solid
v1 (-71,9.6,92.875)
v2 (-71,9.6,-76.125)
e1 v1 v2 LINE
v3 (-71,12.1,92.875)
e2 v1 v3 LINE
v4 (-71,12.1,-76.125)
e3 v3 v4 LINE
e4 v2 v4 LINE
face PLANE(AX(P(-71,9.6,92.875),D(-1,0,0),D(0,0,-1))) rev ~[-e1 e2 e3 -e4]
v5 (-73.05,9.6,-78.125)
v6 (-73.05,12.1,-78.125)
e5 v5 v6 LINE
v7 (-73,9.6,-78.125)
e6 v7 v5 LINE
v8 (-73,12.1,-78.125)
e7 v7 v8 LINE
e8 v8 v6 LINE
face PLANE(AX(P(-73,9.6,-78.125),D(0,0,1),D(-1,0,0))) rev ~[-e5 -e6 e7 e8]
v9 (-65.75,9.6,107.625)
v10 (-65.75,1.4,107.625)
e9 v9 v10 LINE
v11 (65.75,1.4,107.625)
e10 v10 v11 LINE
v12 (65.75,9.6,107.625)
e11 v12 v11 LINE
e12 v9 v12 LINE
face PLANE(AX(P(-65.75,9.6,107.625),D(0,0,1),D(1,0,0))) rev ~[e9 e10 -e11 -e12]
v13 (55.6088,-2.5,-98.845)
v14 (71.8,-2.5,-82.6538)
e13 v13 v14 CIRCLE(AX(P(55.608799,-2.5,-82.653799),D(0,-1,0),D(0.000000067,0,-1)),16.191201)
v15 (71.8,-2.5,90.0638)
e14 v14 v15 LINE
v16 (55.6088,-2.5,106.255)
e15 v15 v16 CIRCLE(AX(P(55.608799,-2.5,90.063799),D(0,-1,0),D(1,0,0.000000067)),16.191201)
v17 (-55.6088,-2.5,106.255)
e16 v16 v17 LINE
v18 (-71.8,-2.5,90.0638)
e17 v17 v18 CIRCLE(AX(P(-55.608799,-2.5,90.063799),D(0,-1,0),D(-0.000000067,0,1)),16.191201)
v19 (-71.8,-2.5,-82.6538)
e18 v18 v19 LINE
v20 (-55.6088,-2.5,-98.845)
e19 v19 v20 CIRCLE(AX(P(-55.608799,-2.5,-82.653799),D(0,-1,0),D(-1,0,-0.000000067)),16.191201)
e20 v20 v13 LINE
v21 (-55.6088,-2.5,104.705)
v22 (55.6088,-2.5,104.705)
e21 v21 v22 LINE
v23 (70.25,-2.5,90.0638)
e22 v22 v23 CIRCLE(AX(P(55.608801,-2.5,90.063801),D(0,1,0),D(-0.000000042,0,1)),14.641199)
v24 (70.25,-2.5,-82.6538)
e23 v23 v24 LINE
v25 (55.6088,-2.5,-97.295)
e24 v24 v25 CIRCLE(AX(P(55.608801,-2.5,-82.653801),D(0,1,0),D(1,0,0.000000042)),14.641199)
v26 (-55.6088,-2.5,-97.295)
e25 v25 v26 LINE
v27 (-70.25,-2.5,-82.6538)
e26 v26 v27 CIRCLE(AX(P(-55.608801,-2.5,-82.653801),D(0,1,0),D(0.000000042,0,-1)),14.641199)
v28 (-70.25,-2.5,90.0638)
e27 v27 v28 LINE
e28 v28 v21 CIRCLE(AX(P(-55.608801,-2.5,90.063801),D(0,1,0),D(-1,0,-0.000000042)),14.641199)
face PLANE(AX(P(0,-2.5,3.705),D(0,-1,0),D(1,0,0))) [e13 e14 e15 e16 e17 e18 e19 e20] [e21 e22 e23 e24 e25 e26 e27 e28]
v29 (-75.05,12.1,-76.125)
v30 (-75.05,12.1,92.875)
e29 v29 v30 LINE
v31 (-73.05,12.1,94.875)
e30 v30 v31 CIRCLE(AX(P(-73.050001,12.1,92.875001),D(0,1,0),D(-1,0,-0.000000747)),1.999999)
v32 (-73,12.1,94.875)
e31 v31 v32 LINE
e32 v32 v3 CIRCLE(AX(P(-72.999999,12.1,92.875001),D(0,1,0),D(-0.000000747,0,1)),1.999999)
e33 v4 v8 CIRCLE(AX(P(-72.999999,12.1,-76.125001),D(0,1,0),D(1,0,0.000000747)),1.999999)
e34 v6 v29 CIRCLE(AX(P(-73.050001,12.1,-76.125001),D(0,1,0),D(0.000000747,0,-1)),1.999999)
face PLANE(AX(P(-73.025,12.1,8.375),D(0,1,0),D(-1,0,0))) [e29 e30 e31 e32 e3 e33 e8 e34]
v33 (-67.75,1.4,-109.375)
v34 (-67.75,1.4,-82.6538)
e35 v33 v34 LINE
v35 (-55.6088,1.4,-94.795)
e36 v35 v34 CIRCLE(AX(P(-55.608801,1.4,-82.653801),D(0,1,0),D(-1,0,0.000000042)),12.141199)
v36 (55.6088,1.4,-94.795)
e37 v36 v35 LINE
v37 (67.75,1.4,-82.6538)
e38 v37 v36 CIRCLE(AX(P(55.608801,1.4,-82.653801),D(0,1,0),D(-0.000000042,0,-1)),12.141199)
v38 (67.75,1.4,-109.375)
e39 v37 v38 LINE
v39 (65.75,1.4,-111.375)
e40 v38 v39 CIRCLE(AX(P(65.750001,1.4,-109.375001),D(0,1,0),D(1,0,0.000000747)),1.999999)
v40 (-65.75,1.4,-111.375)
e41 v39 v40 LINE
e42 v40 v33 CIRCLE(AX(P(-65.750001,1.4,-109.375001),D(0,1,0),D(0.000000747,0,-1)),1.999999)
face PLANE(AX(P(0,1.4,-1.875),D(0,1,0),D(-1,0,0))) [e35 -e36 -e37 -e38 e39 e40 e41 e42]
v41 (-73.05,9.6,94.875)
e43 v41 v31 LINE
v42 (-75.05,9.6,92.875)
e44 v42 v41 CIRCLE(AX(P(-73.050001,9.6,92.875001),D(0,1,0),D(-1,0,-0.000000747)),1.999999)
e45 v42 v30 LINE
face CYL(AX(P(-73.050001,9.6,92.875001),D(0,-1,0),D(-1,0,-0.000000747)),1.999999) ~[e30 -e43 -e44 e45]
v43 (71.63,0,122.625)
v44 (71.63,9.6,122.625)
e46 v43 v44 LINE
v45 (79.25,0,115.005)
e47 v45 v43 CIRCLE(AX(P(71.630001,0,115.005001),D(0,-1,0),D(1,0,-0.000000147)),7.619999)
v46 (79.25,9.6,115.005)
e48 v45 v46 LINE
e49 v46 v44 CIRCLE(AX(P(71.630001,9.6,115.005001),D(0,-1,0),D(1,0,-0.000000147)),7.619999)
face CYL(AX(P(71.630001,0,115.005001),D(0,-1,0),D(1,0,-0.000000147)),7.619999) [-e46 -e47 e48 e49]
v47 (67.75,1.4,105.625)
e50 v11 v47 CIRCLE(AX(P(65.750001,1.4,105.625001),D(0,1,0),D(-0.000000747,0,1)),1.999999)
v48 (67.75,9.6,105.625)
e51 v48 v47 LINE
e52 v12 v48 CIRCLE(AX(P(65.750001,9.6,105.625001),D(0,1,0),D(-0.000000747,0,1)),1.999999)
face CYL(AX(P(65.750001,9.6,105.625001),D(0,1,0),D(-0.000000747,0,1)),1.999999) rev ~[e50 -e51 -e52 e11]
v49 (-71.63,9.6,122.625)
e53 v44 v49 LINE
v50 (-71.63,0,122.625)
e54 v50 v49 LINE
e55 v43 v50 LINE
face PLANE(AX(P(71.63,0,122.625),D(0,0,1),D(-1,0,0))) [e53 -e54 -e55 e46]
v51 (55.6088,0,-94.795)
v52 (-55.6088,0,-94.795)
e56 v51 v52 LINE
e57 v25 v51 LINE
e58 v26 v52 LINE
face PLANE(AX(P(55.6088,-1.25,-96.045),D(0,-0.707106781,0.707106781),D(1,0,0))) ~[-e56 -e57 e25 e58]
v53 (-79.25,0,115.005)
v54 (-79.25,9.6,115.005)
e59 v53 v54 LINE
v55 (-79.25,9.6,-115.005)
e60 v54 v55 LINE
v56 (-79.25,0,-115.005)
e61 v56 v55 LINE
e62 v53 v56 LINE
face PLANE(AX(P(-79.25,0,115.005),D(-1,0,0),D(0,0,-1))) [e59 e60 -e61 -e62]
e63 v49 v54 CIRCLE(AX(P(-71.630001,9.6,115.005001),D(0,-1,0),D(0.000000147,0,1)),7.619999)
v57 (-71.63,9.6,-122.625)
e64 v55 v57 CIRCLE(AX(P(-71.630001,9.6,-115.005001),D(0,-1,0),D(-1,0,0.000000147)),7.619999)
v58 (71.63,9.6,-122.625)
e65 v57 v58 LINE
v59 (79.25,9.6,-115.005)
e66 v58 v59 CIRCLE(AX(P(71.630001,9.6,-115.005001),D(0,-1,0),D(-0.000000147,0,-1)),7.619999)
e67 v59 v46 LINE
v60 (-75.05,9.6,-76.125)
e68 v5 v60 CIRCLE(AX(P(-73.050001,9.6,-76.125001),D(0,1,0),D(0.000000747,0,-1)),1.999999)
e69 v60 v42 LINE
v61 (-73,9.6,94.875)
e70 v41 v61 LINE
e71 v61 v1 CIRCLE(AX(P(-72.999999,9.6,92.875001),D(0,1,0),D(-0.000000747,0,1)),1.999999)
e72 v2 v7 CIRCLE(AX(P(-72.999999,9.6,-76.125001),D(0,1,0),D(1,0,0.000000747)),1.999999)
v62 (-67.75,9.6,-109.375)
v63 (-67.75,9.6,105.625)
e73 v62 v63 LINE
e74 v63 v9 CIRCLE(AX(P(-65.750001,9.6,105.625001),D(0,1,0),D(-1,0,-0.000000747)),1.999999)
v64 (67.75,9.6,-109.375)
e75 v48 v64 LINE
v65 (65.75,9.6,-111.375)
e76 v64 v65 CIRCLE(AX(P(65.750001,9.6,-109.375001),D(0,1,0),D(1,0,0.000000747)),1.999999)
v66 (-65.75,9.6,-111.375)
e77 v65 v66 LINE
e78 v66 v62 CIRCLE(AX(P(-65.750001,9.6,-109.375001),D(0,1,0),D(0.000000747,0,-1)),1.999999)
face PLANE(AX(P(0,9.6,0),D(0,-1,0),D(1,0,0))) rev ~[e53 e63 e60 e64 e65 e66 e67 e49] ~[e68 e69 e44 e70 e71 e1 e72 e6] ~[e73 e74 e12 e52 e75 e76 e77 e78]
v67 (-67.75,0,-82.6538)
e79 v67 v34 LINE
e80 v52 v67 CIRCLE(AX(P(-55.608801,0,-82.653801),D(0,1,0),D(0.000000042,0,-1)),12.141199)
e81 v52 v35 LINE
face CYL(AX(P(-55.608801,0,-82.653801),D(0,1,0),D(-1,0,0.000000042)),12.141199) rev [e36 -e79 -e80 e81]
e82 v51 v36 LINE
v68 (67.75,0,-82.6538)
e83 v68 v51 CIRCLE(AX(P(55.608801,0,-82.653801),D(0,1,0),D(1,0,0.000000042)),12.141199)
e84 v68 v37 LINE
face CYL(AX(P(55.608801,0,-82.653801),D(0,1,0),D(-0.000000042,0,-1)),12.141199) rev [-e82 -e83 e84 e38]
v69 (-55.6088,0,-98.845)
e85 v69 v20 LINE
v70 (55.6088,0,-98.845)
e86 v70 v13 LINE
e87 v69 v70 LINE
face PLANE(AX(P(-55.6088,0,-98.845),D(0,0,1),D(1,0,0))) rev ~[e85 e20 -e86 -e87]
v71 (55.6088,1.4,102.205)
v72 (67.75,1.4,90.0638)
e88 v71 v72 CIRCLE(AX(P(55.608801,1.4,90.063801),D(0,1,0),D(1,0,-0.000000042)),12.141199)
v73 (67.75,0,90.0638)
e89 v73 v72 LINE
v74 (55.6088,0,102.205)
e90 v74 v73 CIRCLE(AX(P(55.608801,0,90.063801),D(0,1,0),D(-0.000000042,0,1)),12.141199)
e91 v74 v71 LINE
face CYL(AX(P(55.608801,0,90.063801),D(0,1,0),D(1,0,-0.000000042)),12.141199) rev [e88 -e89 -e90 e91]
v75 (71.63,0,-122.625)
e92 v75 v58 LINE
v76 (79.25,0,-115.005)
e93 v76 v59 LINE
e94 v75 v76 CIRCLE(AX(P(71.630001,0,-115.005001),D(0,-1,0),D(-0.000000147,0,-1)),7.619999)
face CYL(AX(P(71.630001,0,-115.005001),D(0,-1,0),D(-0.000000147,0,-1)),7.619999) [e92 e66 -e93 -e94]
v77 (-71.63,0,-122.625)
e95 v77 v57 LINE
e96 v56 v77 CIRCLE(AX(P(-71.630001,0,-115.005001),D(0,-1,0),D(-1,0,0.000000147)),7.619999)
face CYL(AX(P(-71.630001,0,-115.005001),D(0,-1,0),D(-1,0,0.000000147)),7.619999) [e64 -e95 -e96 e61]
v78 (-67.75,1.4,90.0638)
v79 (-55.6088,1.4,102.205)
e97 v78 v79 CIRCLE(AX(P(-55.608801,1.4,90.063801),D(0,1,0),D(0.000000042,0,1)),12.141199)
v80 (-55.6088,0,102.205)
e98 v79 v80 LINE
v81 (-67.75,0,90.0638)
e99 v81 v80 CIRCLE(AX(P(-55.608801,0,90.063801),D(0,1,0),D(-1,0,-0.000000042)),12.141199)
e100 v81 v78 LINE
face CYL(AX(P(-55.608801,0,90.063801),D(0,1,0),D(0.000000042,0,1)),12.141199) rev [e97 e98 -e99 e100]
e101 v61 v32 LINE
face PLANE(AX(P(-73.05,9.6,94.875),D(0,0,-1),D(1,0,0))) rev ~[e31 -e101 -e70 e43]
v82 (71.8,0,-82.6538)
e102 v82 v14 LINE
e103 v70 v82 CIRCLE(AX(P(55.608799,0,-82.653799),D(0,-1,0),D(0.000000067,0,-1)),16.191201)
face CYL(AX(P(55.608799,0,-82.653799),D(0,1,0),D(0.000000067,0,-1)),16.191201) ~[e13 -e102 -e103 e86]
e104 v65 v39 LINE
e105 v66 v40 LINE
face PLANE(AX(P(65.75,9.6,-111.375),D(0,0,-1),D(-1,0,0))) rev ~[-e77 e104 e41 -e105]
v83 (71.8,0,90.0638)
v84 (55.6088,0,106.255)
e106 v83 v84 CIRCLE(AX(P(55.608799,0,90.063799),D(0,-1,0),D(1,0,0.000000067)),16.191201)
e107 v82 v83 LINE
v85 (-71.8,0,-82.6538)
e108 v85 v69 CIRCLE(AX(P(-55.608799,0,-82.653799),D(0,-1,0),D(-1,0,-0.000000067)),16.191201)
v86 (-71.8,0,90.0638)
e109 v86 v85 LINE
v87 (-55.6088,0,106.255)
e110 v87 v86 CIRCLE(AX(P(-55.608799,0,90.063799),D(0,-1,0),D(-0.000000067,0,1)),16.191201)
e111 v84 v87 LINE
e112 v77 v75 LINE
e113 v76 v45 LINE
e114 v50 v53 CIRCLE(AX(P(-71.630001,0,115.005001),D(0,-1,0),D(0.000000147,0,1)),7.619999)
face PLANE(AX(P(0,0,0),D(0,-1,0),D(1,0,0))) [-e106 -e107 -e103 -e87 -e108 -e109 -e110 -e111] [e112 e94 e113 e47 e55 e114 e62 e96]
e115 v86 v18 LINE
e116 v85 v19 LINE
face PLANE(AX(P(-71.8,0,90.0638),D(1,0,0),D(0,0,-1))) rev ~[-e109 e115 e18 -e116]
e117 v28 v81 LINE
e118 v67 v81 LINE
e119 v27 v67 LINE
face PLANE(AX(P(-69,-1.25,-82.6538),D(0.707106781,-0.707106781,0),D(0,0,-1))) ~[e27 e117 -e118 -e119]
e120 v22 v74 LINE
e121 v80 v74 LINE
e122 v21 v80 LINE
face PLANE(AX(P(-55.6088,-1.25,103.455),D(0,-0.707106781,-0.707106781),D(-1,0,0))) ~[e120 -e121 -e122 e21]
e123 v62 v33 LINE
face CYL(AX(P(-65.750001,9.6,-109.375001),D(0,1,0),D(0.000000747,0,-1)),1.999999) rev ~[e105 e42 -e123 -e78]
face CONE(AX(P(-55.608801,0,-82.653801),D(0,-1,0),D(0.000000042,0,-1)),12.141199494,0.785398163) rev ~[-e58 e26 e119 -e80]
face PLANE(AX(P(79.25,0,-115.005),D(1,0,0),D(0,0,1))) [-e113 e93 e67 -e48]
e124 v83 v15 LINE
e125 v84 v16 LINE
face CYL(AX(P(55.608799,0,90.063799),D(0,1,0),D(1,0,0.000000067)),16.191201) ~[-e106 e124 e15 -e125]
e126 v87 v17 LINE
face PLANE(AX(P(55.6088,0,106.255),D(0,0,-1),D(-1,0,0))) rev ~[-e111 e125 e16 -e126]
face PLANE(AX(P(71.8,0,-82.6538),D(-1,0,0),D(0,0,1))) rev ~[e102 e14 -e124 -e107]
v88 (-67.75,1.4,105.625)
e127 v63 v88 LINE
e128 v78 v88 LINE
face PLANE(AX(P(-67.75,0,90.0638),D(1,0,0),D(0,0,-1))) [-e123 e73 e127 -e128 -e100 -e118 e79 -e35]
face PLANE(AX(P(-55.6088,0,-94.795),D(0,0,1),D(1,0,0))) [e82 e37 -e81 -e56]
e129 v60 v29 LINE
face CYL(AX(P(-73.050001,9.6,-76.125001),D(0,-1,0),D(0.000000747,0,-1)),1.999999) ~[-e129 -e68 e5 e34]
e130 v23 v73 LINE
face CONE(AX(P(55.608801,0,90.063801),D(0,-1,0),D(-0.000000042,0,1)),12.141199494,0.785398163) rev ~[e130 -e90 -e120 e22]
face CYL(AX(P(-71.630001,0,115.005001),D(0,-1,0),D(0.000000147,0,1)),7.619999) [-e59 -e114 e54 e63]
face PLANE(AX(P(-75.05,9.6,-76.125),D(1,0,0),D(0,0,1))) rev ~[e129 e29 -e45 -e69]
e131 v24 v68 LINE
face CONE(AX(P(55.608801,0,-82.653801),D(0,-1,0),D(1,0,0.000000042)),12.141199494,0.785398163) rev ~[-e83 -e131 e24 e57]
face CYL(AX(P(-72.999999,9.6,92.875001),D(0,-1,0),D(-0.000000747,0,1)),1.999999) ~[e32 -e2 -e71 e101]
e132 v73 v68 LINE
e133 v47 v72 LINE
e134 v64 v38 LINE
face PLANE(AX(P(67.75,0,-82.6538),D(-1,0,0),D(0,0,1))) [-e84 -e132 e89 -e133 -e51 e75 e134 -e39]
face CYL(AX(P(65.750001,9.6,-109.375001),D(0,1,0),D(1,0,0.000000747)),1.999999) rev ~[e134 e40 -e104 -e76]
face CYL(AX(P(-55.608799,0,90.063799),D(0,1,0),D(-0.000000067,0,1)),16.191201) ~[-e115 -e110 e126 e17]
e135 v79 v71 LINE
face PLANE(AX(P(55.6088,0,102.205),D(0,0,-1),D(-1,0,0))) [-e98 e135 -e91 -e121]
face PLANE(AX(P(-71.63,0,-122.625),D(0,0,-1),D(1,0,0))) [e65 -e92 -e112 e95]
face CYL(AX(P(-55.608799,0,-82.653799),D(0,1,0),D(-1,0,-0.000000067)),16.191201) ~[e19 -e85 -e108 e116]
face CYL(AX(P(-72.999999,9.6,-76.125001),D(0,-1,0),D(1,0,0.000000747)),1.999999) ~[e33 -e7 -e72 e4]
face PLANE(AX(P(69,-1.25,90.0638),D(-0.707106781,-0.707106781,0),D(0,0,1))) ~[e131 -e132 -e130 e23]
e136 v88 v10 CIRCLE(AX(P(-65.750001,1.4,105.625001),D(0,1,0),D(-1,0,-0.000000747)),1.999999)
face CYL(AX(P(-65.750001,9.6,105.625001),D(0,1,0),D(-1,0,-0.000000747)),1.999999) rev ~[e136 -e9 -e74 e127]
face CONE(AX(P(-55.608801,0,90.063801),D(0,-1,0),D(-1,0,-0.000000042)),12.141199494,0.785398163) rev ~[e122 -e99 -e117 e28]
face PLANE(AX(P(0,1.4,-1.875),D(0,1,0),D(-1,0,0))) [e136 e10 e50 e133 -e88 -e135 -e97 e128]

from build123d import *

# Parameters (mm, degrees)
F1_DEPTH  = 9.6
F3_DEPTH  = 10
F5_DEPTH  = 2.5
F6_DEPTH  = 68.834
F7_SIZE   = 2.5
F9_DEPTH  = 8.2
F11_DEPTH = 2.5


with BuildPart() as f1:
    # F0 (on Front) → F1 (new body)
    with BuildSketch(Plane.XZ):
        with BuildLine():
            Line((71.63, 122.625), (-71.63, 122.625))
            ThreePointArc((-71.63, 122.625), (-77.018154, 120.393154), (-79.25, 115.005))
            Line((-79.25, 115.005), (-79.25, -115.005))
            ThreePointArc((-79.25, -115.005), (-77.018154, -120.393154), (-71.63, -122.625))
            Line((-71.63, -122.625), (71.63, -122.625))
            ThreePointArc((71.63, -122.625), (77.018154, -120.393154), (79.25, -115.005))
            Line((79.25, -115.005), (79.25, 115.005))
            ThreePointArc((79.25, 115.005), (77.018154, 120.393154), (71.63, 122.625))
        make_face()
    extrude(amount=-F1_DEPTH)

    # F2 (on face) → F3 (cut)
    with BuildSketch(Plane.XZ):
        with BuildLine():
            Line((55.6088, 102.205), (-55.6088, 102.205))
            ThreePointArc((-55.6088, 102.205), (-64.193925, 98.648925), (-67.75, 90.0638))
            Line((-67.75, 90.0638), (-67.75, -82.6538))
            ThreePointArc((-67.75, -82.6538), (-64.193925, -91.238925), (-55.6088, -94.795))
            Line((-55.6088, -94.795), (55.6088, -94.795))
            ThreePointArc((55.6088, -94.795), (64.193925, -91.238925), (67.75, -82.6538))
            Line((67.75, -82.6538), (67.75, 90.0638))
            ThreePointArc((67.75, 90.0638), (64.193925, 98.648925), (55.6088, 102.205))
        make_face()
    extrude(amount=-F3_DEPTH, mode=Mode.SUBTRACT)

    # F4 (on face) → F5 (join)
    with BuildSketch(Plane.XZ):
        with BuildLine():
            Line((55.6088, 106.255), (-55.6088, 106.255))
            ThreePointArc((-55.6088, 106.255), (-67.057707, 101.512707), (-71.8, 90.0638))
            Line((-71.8, 90.0638), (-71.8, -82.6538))
            ThreePointArc((-71.8, -82.6538), (-67.057707, -94.102707), (-55.6088, -98.845))
            Line((-55.6088, -98.845), (55.6088, -98.845))
            ThreePointArc((55.6088, -98.845), (67.057707, -94.102707), (71.8, -82.6538))
            Line((71.8, -82.6538), (71.8, 90.0638))
            ThreePointArc((71.8, 90.0638), (67.057707, 101.512707), (55.6088, 106.255))
        make_face()
    extrude(amount=F5_DEPTH)

    # F2 (on face) → F6 (cut)
    with BuildSketch(Plane.XZ):
        with BuildLine():
            Line((55.6088, 102.205), (-55.6088, 102.205))
            ThreePointArc((-55.6088, 102.205), (-64.193925, 98.648925), (-67.75, 90.0638))
            Line((-67.75, 90.0638), (-67.75, -82.6538))
            ThreePointArc((-67.75, -82.6538), (-64.193925, -91.238925), (-55.6088, -94.795))
            Line((-55.6088, -94.795), (55.6088, -94.795))
            ThreePointArc((55.6088, -94.795), (64.193925, -91.238925), (67.75, -82.6538))
            Line((67.75, -82.6538), (67.75, 90.0638))
            ThreePointArc((67.75, 90.0638), (64.193925, 98.648925), (55.6088, 102.205))
        make_face()
    extrude(amount=F6_DEPTH, mode=Mode.SUBTRACT)

    # F7
    f7_edges = [f1.edges().sort_by_distance(p)[0] for p in [
        (67.75, -2.5, 3.705),
    ]]
    chamfer(f7_edges, length=F7_SIZE)

    # F8 (on face) → F9 (cut)
    with BuildSketch(Plane(origin=(0, 9.6, 0), x_dir=(-1, 0, 0), z_dir=(0, 1, 0))):
        with BuildLine():
            Line((65.75, 107.625), (-65.75, 107.625))
            ThreePointArc((-65.75, 107.625), (-67.164214, 107.039214), (-67.75, 105.625))
            Line((-67.75, 105.625), (-67.75, -109.375))
            ThreePointArc((-67.75, -109.375), (-67.164214, -110.789214), (-65.75, -111.375))
            Line((-65.75, -111.375), (65.75, -111.375))
            ThreePointArc((65.75, -111.375), (67.164214, -110.789214), (67.75, -109.375))
            Line((67.75, -109.375), (67.75, 105.625))
            ThreePointArc((67.75, 105.625), (67.164214, 107.039214), (65.75, 107.625))
        make_face()
    extrude(amount=-F9_DEPTH, mode=Mode.SUBTRACT)

    # F10 (on face) → F11 (join)
    with BuildSketch(Plane(origin=(0, 9.6, 0), x_dir=(-1, 0, 0), z_dir=(0, 1, 0))):
        with BuildLine():
            Line((73.05, 94.875), (73, 94.875))
            ThreePointArc((73, 94.875), (71.585786, 94.289214), (71, 92.875))
            Line((71, 92.875), (71, -76.125))
            ThreePointArc((71, -76.125), (71.585786, -77.539214), (73, -78.125))
            Line((73, -78.125), (73.05, -78.125))
            ThreePointArc((73.05, -78.125), (74.464214, -77.539214), (75.05, -76.125))
            Line((75.05, -76.125), (75.05, 92.875))
            ThreePointArc((75.05, 92.875), (74.464214, 94.289214), (73.05, 94.875))
        make_face()
    extrude(amount=F11_DEPTH)


solid = f1.part
